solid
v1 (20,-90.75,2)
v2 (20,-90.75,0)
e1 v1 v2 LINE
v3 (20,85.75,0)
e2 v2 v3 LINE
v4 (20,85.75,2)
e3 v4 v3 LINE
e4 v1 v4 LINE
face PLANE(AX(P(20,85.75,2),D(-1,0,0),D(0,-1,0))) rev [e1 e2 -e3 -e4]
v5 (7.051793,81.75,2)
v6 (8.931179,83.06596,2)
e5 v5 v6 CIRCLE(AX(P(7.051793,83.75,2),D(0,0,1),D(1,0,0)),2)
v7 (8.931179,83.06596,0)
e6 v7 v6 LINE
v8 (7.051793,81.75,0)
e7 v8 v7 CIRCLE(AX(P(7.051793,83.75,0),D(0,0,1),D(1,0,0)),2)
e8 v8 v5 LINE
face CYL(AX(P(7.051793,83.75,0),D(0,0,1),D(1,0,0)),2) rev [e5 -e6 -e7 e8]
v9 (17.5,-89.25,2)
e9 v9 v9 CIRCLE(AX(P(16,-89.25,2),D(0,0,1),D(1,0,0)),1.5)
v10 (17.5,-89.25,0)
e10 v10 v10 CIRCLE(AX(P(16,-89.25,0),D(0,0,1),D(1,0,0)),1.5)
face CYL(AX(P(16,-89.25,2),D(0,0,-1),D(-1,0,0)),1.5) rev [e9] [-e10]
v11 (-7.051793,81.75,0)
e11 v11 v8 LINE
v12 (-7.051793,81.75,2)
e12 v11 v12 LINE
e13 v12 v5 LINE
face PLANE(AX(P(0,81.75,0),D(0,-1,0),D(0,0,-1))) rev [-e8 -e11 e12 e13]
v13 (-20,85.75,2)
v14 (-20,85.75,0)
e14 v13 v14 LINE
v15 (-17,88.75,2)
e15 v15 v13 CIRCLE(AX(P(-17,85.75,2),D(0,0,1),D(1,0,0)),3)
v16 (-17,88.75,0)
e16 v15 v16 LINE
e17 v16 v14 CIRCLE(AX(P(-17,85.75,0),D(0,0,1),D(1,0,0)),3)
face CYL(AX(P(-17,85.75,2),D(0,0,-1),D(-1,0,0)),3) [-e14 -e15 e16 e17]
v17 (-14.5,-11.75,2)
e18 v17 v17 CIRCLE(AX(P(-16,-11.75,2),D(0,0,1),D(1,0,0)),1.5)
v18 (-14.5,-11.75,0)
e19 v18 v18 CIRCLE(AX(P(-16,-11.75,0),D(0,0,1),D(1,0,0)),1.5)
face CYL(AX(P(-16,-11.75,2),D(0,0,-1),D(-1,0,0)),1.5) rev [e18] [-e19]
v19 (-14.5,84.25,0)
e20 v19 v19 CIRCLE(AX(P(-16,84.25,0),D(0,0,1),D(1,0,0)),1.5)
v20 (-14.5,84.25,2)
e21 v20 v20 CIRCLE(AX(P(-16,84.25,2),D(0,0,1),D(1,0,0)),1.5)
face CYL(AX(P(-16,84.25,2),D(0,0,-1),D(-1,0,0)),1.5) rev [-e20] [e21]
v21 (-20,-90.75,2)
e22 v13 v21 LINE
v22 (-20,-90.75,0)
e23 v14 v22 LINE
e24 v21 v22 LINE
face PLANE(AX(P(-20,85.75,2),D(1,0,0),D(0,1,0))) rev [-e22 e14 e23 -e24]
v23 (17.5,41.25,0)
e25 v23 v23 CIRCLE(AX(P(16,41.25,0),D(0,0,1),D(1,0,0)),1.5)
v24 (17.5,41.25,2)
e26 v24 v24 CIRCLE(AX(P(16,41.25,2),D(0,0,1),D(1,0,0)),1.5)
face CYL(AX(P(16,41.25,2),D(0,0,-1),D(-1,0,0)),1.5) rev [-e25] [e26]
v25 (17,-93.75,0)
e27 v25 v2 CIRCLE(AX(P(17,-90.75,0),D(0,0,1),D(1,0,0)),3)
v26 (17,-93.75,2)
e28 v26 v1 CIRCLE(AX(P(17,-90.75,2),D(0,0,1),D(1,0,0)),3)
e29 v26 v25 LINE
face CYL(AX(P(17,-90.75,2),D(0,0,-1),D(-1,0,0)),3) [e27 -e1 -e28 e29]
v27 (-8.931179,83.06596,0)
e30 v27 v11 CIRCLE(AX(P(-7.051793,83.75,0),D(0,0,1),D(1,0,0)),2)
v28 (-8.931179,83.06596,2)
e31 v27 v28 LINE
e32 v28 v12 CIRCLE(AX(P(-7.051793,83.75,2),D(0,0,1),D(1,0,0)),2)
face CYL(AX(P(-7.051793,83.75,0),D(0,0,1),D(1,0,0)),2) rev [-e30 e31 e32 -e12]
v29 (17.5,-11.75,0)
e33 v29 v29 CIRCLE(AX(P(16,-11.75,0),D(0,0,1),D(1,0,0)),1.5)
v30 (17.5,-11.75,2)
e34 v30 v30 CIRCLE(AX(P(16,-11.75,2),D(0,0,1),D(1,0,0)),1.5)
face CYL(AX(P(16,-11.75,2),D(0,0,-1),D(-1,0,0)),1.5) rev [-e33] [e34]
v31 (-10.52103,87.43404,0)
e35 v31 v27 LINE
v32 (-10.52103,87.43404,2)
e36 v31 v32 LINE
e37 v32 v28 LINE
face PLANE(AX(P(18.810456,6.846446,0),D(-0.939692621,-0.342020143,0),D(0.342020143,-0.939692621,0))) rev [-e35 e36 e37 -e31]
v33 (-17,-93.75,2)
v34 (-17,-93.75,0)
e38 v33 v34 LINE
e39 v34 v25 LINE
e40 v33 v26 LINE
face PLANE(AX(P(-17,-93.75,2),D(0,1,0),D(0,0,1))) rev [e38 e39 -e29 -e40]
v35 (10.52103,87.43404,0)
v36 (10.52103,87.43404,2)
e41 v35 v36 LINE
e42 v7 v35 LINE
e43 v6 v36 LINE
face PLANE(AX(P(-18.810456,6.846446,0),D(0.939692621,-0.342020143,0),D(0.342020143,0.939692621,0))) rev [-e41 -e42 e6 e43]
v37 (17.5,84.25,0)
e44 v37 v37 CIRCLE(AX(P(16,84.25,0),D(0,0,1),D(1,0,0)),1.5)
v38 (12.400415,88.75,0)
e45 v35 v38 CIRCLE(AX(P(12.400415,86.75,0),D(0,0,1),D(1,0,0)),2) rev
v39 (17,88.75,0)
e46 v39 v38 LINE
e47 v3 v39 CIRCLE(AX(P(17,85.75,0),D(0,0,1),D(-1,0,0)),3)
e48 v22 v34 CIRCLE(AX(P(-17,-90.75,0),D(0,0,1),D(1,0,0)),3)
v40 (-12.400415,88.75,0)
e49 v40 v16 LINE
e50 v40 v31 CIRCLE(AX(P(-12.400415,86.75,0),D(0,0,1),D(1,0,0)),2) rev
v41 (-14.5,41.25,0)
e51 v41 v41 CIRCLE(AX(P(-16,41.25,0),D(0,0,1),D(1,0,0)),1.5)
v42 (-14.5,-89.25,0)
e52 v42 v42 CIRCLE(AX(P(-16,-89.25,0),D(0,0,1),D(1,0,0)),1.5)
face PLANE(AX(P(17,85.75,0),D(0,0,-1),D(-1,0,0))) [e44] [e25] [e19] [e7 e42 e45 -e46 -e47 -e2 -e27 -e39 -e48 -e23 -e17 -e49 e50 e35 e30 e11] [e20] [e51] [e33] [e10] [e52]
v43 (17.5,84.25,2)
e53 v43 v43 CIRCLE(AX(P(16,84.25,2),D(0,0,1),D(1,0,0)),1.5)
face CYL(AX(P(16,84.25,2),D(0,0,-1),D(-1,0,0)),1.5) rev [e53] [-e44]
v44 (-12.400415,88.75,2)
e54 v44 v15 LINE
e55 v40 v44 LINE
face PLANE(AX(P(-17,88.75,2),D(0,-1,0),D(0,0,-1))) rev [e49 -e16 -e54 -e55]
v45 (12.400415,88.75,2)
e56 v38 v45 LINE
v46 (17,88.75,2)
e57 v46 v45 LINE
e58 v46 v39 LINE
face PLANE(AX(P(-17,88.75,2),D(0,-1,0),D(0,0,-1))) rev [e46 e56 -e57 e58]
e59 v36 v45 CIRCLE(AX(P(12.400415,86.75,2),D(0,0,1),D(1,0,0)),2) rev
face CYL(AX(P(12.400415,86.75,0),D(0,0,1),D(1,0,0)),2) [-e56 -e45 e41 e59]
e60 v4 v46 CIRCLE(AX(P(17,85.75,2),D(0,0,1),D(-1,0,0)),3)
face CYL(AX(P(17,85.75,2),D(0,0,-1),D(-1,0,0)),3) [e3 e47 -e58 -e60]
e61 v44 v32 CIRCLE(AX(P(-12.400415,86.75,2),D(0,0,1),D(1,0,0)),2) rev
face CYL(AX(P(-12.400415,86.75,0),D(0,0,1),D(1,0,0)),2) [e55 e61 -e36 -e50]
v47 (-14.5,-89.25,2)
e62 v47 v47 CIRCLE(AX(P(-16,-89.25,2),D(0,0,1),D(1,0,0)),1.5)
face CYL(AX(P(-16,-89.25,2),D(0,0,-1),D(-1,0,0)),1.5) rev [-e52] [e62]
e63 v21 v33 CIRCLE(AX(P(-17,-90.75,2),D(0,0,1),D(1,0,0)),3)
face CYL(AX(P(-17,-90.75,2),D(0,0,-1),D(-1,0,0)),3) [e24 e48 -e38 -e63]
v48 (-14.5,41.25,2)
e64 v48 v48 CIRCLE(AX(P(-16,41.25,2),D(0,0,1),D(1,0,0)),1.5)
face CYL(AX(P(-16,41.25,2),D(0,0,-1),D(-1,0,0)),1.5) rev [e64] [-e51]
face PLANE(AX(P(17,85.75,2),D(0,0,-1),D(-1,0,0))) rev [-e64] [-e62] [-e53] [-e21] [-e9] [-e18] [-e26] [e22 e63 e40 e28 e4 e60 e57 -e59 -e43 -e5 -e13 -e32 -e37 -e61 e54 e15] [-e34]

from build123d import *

# Parameters (mm, degrees)
CROQUIS1_R                 = 1.5
SALIENTE_EXTRUIR1_DEPTH    = 2
CORTAR_EXTRUIR1_DEPTH      = 96.880459427
CORTAR_EXTRUIR1_DEPTH_BACK = 2


with BuildPart() as part:
    # Croquis1 → Saliente-Extruir1 (new body)
    with BuildSketch(Plane.XY):
        with BuildLine():
            Line((-17, 88.75), (17, 88.75))
            ThreePointArc((17, 88.75), (19.121320344, 87.871320344), (20, 85.75))
            Line((20, 85.75), (20, -90.75))
            ThreePointArc((20, -90.75), (19.121320344, -92.871320344), (17, -93.75))
            Line((17, -93.75), (-17, -93.75))
            ThreePointArc((-17, -93.75), (-19.121320344, -92.871320344), (-20, -90.75))
            Line((-20, -90.75), (-20, 85.75))
            ThreePointArc((-20, 85.75), (-19.121320344, 87.871320344), (-17, 88.75))
        make_face()
        with Locations((-16, 84.25)):
            Circle(CROQUIS1_R, mode=Mode.SUBTRACT)
        with Locations((16, 84.25)):
            Circle(CROQUIS1_R, mode=Mode.SUBTRACT)
        with Locations((-16, 41.25)):
            Circle(CROQUIS1_R, mode=Mode.SUBTRACT)
        with Locations((16, 41.25)):
            Circle(CROQUIS1_R, mode=Mode.SUBTRACT)
        with Locations((-16, -11.75)):
            Circle(CROQUIS1_R, mode=Mode.SUBTRACT)
        with Locations((16, -11.75)):
            Circle(CROQUIS1_R, mode=Mode.SUBTRACT)
        with Locations((-16, -89.25)):
            Circle(CROQUIS1_R, mode=Mode.SUBTRACT)
        with Locations((16, -89.25)):
            Circle(CROQUIS1_R, mode=Mode.SUBTRACT)
    extrude(amount=SALIENTE_EXTRUIR1_DEPTH)

    # Croquis2 → Cortar-Extruir1 (cut, two sides: drawn at the far end of the back side and taken through both)
    with BuildSketch(Plane.XY.offset(2).offset(-CORTAR_EXTRUIR1_DEPTH_BACK)):
        with BuildLine():
            ThreePointArc((-12.400415076, 88.75), (-11.253262204, 88.388304089), (-10.521029835, 87.434040287))
            Line((-10.521029835, 87.434040287), (-8.931178525, 83.065959713))
            ThreePointArc((-8.931178525, 83.065959713), (-8.198946156, 82.111695911), (-7.051793284, 81.75))
            Line((-7.051793284, 81.75), (7.051793284, 81.75))
            ThreePointArc((7.051793284, 81.75), (8.198946156, 82.111695911), (8.931178525, 83.065959713))
            Line((8.931178525, 83.065959713), (10.521029835, 87.434040287))
            ThreePointArc((10.521029835, 87.434040287), (11.253262204, 88.388304089), (12.400415076, 88.75))
            Line((12.400415076, 88.75), (-12.400415076, 88.75))
        make_face()
    extrude(amount=CORTAR_EXTRUIR1_DEPTH + CORTAR_EXTRUIR1_DEPTH_BACK, mode=Mode.SUBTRACT)


solid = part.part
